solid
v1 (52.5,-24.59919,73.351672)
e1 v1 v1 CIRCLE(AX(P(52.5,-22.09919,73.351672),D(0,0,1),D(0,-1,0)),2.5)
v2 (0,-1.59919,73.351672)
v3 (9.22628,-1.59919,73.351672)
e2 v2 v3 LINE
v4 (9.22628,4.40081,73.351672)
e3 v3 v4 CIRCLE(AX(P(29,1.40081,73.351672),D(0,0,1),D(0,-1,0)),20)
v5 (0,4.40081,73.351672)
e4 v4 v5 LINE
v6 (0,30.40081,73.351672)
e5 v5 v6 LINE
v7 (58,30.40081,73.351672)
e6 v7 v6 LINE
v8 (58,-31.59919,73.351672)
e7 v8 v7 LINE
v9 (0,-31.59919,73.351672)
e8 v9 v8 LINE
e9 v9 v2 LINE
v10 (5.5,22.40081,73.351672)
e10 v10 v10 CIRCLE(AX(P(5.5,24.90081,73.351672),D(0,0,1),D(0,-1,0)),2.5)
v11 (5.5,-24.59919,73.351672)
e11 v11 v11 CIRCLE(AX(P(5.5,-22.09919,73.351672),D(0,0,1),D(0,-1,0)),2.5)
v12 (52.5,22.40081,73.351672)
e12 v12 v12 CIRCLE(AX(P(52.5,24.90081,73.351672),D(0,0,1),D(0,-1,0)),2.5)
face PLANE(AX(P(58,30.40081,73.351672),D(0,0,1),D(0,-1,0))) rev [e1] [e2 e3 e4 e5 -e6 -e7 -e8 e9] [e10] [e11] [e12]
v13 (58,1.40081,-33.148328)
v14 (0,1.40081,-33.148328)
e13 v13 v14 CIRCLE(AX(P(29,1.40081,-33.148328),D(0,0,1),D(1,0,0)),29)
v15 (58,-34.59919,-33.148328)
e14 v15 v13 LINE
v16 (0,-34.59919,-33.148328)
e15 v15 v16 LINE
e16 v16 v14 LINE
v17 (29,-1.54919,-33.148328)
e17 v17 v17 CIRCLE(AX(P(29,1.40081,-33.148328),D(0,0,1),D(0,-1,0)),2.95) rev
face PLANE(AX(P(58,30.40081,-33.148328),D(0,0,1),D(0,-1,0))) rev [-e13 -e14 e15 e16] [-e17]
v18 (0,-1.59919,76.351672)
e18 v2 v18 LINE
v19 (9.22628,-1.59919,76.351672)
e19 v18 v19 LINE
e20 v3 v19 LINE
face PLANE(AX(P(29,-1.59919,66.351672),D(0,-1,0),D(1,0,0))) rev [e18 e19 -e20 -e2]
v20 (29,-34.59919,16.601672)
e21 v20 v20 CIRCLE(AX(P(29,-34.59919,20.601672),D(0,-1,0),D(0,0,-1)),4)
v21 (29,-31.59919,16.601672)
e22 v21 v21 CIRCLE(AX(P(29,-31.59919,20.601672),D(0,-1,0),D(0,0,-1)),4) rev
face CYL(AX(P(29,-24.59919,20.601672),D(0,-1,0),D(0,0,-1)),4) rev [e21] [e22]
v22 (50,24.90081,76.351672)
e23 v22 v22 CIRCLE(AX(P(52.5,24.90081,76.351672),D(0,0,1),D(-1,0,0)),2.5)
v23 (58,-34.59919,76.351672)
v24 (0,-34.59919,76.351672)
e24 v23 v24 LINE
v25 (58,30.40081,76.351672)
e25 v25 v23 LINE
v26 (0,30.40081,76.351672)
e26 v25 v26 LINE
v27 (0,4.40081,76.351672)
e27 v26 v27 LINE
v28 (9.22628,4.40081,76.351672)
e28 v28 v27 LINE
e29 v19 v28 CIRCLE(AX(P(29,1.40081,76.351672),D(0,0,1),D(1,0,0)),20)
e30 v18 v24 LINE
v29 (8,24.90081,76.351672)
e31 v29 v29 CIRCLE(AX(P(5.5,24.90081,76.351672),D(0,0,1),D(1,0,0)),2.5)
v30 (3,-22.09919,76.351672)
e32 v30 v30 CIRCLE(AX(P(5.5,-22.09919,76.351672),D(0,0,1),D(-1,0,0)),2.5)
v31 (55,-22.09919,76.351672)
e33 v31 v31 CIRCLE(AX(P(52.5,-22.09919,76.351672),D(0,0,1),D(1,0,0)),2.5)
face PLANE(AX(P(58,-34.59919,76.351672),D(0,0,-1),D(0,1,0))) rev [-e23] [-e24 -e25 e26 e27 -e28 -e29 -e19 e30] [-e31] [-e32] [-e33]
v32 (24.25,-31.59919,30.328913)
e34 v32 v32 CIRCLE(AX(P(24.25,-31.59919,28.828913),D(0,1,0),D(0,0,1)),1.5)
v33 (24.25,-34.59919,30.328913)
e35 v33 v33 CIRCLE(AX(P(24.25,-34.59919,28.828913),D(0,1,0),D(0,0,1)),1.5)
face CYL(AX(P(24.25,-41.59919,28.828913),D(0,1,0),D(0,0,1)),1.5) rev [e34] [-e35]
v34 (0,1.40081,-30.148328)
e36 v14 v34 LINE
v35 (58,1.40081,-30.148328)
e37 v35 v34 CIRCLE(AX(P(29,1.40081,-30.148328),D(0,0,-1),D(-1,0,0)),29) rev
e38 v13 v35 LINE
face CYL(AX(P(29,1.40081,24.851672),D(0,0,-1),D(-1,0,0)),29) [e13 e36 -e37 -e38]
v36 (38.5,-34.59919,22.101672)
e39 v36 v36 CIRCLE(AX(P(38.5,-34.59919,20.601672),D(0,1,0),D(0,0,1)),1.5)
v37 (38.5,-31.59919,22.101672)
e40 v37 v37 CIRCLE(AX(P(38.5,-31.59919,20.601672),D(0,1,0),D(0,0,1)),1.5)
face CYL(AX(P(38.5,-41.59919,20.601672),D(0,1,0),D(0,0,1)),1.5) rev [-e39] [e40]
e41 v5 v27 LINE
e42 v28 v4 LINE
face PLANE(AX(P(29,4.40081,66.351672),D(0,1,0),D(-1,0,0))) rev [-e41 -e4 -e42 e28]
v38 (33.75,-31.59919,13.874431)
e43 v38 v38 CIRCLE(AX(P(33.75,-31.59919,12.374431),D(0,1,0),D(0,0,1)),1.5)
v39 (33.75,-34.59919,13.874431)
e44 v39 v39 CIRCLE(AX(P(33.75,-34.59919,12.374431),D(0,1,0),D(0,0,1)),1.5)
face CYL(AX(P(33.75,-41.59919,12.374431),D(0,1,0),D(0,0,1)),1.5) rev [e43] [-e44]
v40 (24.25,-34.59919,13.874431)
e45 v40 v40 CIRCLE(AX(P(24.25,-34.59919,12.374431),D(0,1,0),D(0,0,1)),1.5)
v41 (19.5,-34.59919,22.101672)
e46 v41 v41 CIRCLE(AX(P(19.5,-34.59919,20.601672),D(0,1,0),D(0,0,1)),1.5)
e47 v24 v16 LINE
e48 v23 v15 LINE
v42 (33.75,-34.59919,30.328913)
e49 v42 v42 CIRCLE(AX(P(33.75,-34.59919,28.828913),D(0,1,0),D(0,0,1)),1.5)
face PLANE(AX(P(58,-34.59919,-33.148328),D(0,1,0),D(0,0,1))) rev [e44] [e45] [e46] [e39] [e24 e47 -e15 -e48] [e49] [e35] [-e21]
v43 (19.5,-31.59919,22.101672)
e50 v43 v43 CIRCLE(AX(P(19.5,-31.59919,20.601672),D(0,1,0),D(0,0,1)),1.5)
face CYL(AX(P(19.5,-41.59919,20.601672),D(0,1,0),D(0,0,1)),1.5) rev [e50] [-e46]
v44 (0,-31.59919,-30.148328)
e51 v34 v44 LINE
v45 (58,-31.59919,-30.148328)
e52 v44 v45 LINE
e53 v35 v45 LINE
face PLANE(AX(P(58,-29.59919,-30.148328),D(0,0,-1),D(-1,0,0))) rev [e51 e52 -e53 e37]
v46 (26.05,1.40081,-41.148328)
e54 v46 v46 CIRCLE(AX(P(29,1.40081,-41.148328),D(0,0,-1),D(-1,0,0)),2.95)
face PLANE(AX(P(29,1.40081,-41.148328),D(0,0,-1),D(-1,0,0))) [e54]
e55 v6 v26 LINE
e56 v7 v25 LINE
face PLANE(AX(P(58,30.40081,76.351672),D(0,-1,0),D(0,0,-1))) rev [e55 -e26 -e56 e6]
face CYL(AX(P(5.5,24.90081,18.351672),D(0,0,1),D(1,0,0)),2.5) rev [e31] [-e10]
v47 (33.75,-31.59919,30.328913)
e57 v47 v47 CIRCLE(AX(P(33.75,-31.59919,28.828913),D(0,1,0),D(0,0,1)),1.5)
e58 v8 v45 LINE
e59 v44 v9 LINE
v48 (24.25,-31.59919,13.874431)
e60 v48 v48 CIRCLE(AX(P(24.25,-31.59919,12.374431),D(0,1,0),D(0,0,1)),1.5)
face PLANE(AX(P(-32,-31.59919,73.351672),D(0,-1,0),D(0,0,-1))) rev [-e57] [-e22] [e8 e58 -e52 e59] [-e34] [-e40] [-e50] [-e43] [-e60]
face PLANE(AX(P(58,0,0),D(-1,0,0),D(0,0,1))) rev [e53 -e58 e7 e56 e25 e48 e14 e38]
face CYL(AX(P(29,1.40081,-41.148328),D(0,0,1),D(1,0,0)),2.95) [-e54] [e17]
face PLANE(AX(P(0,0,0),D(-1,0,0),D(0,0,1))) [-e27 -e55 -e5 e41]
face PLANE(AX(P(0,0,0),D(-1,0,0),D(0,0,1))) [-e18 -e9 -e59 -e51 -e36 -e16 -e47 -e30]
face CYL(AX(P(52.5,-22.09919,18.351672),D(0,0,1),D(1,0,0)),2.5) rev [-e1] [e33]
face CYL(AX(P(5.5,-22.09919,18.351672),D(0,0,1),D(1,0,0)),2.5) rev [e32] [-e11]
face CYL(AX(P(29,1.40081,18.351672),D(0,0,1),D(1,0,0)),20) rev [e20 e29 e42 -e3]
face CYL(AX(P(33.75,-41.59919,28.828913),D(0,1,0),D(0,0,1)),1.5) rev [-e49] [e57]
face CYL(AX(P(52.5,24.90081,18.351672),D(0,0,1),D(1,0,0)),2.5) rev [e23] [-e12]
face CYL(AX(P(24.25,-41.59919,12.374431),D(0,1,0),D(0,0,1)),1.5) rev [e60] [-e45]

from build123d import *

# Parameters (mm, degrees)
BOSS_EXTRUDE1_DEPTH = 58
SKETCH2_R           = 2.5
SKETCH2_R_2         = 20
CUT_EXTRUDE1_DEPTH  = 58
CUT_EXTRUDE2_DEPTH  = 58
CUT_EXTRUDE3_DEPTH  = 58
SKETCH5_R           = 2.95
BOSS_EXTRUDE2_DEPTH = 8
SKETCH7_W           = 29
SKETCH7_H           = 6
CUT_EXTRUDE5_DEPTH  = 10
SKETCH25_R          = 4
CUT_EXTRUDE6_DEPTH  = 10
SKETCH26_W          = 103.5
SKETCH26_H          = 2
CUT_EXTRUDE7_DEPTH  = 90
SKETCH29_R          = 1.5
CUT_EXTRUDE8_DEPTH  = 10


with BuildPart() as part:
    # Sketch1 → Boss-Extrude1 (new body)
    with BuildSketch(Plane(origin=(0, 0, 0), x_dir=(0, 0, -1), z_dir=(1, 0, 0))):
        Polygon((-73.351671883, 30.400809615), (-73.351671883, -29.599190385), (30.148328117, -29.599190385), (30.148328117, 30.400809615), (33.148328117, 30.400809615), (33.148328117, -34.599190385), (-76.351671883, -34.599190385), (-76.351671883, 30.400809615), align=None)
    extrude(amount=BOSS_EXTRUDE1_DEPTH)

    # Sketch2 → Cut-Extrude1 (cut)
    with BuildSketch(Plane.XY.offset(76.351671883)):
        with Locations((5.5, 24.900809615)):
            Circle(SKETCH2_R)
        with Locations((52.5, 24.900809615)):
            Circle(SKETCH2_R)
        with Locations((52.5, -22.099190385)):
            Circle(SKETCH2_R)
        with Locations((5.5, -22.099190385)):
            Circle(SKETCH2_R)
        with Locations((29, 1.400809615)):
            Circle(SKETCH2_R_2)
    extrude(amount=-CUT_EXTRUDE1_DEPTH, mode=Mode.SUBTRACT)

    # Sketch3 → Cut-Extrude2 (cut)
    with BuildSketch(Plane(origin=(0, 0, -33.148328117), x_dir=(-1, 0, 0), z_dir=(0, 0, -1))):
        with BuildLine():
            Line((-29, 30.400809615), (-58, 30.400809615))
            Line((-58, 30.400809615), (-58, 1.400809615))
            ThreePointArc((-58, 1.400809615), (-49.506096654, 21.90690627), (-29, 30.400809615))
        make_face()
    extrude(amount=-CUT_EXTRUDE2_DEPTH, mode=Mode.SUBTRACT)

    # Sketch4 → Cut-Extrude3 (cut)
    with BuildSketch(Plane(origin=(0, 0, -33.148328117), x_dir=(-1, 0, 0), z_dir=(0, 0, -1))):
        with BuildLine():
            Line((-29, 30.400809615), (0, 30.400809615))
            Line((0, 30.400809615), (0, 1.400809615))
            ThreePointArc((0, 1.400809615), (-8.493903346, 21.90690627), (-29, 30.400809615))
        make_face()
    extrude(amount=-CUT_EXTRUDE3_DEPTH, mode=Mode.SUBTRACT)

    # Sketch5 → Boss-Extrude2 (add)
    with BuildSketch(Plane(origin=(0, 0, -33.148328117), x_dir=(-1, 0, 0), z_dir=(0, 0, -1))):
        with Locations((-29, 1.400809615)):
            Circle(SKETCH5_R)
    extrude(amount=BOSS_EXTRUDE2_DEPTH)

    # Sketch7 → Cut-Extrude5 (cut)
    with BuildSketch(Plane.XY.offset(76.351671883)):
        with Locations((14.5, 1.400809615)):
            Rectangle(SKETCH7_W, SKETCH7_H)
    extrude(amount=-CUT_EXTRUDE5_DEPTH, mode=Mode.SUBTRACT)

    # Sketch25 → Cut-Extrude6 (cut)
    with BuildSketch(Plane.XZ.offset(34.599190385)):
        with Locations((29, 20.601671883)):
            Circle(SKETCH25_R)
    extrude(amount=-CUT_EXTRUDE6_DEPTH, mode=Mode.SUBTRACT)

    # Sketch26 → Cut-Extrude7 (cut)
    with BuildSketch(Plane(origin=(58, 0, 0), x_dir=(0, 0, -1), z_dir=(1, 0, 0))):
        with Locations((-21.601671883, -30.599190385)):
            Rectangle(SKETCH26_W, SKETCH26_H)
    extrude(amount=-CUT_EXTRUDE7_DEPTH, mode=Mode.SUBTRACT)

    # Sketch29 → Cut-Extrude8 (cut)
    with BuildSketch(Plane(origin=(0, -31.599190385, 0), x_dir=(1, 0, 0), z_dir=(0, 1, 0))):
        with Locations((19.5, -20.601671883)):
            Circle(SKETCH29_R)
        with Locations((24.25, -12.374430547)):
            Circle(SKETCH29_R)
        with Locations((33.75, -12.374430547)):
            Circle(SKETCH29_R)
        with Locations((38.5, -20.601671883)):
            Circle(SKETCH29_R)
        with Locations((33.75, -28.828913219)):
            Circle(SKETCH29_R)
        with Locations((24.25, -28.828913219)):
            Circle(SKETCH29_R)
    extrude(amount=-CUT_EXTRUDE8_DEPTH, mode=Mode.SUBTRACT)


solid = part.part
